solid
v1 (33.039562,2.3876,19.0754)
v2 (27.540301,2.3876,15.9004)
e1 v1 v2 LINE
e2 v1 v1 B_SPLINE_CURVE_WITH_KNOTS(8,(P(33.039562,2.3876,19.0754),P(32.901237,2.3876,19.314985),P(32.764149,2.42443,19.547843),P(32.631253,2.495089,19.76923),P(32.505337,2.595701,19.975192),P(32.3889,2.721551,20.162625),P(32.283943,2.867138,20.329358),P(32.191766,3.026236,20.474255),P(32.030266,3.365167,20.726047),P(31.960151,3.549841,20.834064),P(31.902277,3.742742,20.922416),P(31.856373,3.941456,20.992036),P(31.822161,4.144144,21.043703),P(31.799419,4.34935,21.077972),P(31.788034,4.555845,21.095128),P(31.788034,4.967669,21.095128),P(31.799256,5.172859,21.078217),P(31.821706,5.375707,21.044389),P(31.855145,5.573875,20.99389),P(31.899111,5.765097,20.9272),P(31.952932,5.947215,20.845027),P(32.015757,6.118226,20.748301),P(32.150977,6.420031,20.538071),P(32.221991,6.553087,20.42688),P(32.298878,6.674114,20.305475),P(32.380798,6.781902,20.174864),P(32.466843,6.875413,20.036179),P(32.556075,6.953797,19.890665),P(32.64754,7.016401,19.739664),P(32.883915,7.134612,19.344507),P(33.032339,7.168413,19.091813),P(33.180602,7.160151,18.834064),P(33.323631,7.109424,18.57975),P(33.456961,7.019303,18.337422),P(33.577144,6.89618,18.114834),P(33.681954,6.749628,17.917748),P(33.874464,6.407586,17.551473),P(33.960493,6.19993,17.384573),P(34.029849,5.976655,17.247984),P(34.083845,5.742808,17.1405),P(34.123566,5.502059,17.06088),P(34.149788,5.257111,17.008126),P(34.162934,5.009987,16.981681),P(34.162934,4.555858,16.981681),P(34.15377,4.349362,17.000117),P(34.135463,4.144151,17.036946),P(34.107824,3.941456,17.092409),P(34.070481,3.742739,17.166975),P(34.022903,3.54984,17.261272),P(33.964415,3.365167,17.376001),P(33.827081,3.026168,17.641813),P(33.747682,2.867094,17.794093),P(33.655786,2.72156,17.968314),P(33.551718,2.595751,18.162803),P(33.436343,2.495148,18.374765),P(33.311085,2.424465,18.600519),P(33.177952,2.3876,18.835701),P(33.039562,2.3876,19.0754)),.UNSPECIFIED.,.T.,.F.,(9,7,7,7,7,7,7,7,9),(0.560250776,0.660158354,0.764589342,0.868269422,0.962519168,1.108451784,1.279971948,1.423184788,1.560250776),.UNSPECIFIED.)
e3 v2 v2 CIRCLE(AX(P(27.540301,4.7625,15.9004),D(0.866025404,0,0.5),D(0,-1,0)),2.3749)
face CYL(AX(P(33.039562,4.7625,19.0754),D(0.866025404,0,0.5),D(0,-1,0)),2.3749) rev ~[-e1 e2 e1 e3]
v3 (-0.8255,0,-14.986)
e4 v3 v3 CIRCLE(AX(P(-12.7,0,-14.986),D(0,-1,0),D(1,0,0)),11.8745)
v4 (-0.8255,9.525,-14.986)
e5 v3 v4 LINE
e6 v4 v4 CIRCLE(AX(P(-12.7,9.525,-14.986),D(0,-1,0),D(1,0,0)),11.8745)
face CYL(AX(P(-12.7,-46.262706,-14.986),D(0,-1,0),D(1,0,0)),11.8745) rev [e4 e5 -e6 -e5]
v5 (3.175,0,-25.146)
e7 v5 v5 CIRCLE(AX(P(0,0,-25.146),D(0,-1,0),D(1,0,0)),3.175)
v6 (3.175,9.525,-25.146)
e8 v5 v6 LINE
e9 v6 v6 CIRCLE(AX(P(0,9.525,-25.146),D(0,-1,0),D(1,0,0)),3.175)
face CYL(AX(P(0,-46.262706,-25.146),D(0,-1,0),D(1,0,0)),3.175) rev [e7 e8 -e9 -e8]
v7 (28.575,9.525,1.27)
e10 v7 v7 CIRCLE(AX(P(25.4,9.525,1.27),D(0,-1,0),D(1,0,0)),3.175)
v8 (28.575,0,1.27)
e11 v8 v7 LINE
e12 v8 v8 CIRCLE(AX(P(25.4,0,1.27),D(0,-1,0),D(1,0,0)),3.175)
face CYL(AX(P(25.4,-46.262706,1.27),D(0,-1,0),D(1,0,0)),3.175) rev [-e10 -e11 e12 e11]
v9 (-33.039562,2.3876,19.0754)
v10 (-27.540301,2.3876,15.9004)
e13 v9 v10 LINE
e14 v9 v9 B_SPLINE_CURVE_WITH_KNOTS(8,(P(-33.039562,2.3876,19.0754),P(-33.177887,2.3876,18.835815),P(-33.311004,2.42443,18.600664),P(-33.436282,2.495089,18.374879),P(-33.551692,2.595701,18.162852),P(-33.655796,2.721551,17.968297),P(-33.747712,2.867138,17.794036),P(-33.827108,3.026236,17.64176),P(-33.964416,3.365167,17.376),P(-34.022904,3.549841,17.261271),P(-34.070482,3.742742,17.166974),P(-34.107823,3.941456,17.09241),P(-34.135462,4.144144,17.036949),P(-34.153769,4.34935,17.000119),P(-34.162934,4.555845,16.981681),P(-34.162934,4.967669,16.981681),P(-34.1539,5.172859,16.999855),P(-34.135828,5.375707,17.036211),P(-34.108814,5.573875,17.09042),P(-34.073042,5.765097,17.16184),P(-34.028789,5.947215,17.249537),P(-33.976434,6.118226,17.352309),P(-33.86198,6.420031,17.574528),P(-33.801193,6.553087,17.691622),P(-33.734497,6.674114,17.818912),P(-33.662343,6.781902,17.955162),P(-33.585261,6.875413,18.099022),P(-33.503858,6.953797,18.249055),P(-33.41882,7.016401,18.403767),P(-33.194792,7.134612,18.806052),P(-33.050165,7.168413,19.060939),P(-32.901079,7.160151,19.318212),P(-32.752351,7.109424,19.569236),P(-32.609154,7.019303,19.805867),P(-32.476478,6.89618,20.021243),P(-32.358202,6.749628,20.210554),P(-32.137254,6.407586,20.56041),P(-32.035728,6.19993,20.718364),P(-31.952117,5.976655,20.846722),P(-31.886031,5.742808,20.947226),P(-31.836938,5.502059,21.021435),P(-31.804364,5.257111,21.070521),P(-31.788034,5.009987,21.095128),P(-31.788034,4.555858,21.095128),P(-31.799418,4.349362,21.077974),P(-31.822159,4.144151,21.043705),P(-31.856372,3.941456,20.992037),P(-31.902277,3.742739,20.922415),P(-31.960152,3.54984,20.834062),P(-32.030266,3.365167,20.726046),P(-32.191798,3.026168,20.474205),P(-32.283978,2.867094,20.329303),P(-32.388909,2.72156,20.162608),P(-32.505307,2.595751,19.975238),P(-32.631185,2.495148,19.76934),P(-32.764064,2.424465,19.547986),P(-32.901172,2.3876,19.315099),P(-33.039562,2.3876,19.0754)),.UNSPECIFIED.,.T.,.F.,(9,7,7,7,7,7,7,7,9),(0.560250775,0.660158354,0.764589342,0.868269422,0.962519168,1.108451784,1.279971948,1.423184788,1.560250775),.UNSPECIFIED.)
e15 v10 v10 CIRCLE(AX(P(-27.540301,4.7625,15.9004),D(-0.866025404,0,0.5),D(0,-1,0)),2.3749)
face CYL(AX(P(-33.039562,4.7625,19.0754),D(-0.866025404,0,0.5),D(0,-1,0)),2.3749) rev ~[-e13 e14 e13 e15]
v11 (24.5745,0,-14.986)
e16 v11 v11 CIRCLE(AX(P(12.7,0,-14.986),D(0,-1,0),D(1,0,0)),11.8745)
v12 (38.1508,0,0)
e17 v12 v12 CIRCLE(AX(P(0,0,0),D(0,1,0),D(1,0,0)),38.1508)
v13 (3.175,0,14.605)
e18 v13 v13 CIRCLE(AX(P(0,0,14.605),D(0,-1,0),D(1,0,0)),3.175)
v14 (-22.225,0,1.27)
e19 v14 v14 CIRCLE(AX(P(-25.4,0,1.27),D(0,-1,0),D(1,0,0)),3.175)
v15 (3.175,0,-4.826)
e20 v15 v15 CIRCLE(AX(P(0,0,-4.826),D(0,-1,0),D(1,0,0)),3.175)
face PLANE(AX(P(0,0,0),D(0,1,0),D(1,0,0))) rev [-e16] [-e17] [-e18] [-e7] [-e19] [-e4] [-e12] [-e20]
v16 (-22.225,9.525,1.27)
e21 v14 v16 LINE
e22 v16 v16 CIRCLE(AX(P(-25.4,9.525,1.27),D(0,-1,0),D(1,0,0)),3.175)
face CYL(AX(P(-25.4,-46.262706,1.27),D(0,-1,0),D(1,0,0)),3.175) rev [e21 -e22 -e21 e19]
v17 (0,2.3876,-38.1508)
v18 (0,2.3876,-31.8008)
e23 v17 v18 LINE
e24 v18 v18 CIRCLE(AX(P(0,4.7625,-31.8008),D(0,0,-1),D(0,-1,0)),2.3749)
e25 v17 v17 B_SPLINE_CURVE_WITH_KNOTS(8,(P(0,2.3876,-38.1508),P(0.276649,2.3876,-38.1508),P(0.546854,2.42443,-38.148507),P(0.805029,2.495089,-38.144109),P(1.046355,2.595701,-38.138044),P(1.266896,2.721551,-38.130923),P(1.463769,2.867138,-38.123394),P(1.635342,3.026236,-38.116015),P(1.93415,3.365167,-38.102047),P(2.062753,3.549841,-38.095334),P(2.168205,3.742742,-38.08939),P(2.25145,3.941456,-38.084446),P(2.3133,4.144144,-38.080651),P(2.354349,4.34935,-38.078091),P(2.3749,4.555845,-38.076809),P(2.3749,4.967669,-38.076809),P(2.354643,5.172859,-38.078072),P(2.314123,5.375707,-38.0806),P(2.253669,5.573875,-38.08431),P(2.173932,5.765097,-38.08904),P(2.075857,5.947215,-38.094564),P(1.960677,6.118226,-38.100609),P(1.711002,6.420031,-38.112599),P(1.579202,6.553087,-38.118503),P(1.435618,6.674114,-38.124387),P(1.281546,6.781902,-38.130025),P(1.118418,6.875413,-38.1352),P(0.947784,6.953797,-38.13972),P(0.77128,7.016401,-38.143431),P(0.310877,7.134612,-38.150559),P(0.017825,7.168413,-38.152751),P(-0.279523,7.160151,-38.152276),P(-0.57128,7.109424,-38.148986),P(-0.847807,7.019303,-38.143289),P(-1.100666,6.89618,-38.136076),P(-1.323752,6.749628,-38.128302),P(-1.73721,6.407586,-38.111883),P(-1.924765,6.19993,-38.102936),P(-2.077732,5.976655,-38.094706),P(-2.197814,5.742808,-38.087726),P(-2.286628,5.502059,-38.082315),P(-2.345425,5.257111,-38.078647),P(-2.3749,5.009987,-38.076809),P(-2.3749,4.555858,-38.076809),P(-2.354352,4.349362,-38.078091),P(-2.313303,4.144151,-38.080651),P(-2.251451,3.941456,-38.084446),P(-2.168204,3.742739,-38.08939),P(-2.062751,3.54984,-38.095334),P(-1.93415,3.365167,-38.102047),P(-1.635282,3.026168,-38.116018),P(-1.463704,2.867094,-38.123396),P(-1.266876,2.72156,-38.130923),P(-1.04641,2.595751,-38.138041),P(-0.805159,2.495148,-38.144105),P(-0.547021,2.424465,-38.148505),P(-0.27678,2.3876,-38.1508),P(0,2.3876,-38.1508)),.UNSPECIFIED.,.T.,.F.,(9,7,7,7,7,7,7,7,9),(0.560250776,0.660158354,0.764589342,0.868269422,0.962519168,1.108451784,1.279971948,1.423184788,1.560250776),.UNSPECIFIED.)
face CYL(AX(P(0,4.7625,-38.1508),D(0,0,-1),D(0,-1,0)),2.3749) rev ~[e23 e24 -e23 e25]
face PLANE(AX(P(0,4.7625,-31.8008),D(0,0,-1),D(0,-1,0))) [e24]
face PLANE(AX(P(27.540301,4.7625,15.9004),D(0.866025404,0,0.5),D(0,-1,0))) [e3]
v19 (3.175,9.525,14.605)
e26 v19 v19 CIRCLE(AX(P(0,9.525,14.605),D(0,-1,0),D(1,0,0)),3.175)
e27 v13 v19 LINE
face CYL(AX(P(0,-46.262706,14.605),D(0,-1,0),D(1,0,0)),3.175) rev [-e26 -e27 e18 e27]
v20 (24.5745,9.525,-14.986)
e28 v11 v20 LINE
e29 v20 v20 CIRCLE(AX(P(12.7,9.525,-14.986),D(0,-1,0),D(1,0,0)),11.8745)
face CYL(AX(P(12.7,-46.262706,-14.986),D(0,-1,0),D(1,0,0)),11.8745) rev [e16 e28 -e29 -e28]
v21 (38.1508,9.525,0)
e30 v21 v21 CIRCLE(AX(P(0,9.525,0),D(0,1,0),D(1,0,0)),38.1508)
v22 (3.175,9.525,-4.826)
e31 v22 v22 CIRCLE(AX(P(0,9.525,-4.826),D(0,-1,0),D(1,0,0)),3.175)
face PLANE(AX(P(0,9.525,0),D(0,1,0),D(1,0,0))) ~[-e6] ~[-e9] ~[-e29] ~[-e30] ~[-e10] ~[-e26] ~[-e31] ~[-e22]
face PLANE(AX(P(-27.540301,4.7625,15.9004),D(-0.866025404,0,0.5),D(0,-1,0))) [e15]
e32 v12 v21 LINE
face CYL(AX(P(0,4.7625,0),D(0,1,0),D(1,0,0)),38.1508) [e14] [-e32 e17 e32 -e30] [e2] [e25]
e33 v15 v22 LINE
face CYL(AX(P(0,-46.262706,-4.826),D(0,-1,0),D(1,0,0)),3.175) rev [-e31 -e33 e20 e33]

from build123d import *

# Parameters (mm, degrees)
SKETCH1_W               = 38.1508
SKETCH1_H               = 9.525
CUT_EXTRUDE1_DEPTH      = 55.787705795
CUT_EXTRUDE1_DEPTH_BACK = 55.787705795
SKETCH2_R               = 11.8745
SKETCH2_R_2             = 3.175
CUT_EXTRUDE2_DEPTH      = 55.787705795
CUT_EXTRUDE2_DEPTH_BACK = 55.787705795
SKETCH3_R               = 3.175
SKETCH4_R               = 2.3749
CUT_EXTRUDE3_DEPTH      = 6.35
CIRPATTERN1_COUNT       = 3


with BuildPart() as part:
    # Sketch1 → Revolve1 (revolve)
    with BuildSketch(Plane.XY):
        with Locations((19.0754, 4.7625)):
            Rectangle(SKETCH1_W, SKETCH1_H)
    revolve(axis=Axis((0, 0, 0), (0, 1, 0)))

    # Sketch2 → Cut-Extrude1 (cut, two sides: drawn at the far end of the back side and taken through both)
    with BuildSketch(Plane(origin=(0, 9.525, 0), x_dir=(1, 0, 0), z_dir=(0, 1, 0)).offset(-CUT_EXTRUDE1_DEPTH_BACK)):
        with Locations((-12.7, 14.986)):
            Circle(SKETCH2_R)
        with Locations((12.7, 14.986)):
            Circle(SKETCH2_R)
        with Locations((0, 25.146)):
            Circle(SKETCH2_R_2)
        with Locations((0, 4.826)):
            Circle(SKETCH2_R_2)
        with Locations((0, -14.605)):
            Circle(SKETCH2_R_2)
    extrude(amount=CUT_EXTRUDE1_DEPTH + CUT_EXTRUDE1_DEPTH_BACK, mode=Mode.SUBTRACT)

    # Sketch3 → Cut-Extrude2 (cut, two sides: drawn at the far end of the back side and taken through both)
    with BuildSketch(Plane(origin=(0, 9.525, 0), x_dir=(1, 0, 0), z_dir=(0, 1, 0)).offset(-CUT_EXTRUDE2_DEPTH_BACK)):
        with Locations((-25.4, -1.27)):
            Circle(SKETCH3_R)
        with Locations((25.4, -1.27)):
            Circle(SKETCH3_R)
    extrude(amount=CUT_EXTRUDE2_DEPTH + CUT_EXTRUDE2_DEPTH_BACK, mode=Mode.SUBTRACT)

    # Sketch4 → Cut-Extrude3 (cut)
    with BuildSketch(Plane(origin=(33.039561975, 0, 19.0754), x_dir=(0, -1, 0), z_dir=(0.866025403784438, 0, 0.500000000000001))):
        with Locations((-4.7625, 0)):
            Circle(SKETCH4_R)
    cut_extrude3 = extrude(amount=-CUT_EXTRUDE3_DEPTH, mode=Mode.SUBTRACT)

    # CirPattern1: Cut-Extrude3 ×3 about axis
    cirpattern1_axis = Axis((0, 55, 0), (0, -1, 0))
    for i in range(1, CIRPATTERN1_COUNT):
        add(cut_extrude3.rotate(cirpattern1_axis, i * 360 / CIRPATTERN1_COUNT), mode=Mode.SUBTRACT)


solid = part.part
